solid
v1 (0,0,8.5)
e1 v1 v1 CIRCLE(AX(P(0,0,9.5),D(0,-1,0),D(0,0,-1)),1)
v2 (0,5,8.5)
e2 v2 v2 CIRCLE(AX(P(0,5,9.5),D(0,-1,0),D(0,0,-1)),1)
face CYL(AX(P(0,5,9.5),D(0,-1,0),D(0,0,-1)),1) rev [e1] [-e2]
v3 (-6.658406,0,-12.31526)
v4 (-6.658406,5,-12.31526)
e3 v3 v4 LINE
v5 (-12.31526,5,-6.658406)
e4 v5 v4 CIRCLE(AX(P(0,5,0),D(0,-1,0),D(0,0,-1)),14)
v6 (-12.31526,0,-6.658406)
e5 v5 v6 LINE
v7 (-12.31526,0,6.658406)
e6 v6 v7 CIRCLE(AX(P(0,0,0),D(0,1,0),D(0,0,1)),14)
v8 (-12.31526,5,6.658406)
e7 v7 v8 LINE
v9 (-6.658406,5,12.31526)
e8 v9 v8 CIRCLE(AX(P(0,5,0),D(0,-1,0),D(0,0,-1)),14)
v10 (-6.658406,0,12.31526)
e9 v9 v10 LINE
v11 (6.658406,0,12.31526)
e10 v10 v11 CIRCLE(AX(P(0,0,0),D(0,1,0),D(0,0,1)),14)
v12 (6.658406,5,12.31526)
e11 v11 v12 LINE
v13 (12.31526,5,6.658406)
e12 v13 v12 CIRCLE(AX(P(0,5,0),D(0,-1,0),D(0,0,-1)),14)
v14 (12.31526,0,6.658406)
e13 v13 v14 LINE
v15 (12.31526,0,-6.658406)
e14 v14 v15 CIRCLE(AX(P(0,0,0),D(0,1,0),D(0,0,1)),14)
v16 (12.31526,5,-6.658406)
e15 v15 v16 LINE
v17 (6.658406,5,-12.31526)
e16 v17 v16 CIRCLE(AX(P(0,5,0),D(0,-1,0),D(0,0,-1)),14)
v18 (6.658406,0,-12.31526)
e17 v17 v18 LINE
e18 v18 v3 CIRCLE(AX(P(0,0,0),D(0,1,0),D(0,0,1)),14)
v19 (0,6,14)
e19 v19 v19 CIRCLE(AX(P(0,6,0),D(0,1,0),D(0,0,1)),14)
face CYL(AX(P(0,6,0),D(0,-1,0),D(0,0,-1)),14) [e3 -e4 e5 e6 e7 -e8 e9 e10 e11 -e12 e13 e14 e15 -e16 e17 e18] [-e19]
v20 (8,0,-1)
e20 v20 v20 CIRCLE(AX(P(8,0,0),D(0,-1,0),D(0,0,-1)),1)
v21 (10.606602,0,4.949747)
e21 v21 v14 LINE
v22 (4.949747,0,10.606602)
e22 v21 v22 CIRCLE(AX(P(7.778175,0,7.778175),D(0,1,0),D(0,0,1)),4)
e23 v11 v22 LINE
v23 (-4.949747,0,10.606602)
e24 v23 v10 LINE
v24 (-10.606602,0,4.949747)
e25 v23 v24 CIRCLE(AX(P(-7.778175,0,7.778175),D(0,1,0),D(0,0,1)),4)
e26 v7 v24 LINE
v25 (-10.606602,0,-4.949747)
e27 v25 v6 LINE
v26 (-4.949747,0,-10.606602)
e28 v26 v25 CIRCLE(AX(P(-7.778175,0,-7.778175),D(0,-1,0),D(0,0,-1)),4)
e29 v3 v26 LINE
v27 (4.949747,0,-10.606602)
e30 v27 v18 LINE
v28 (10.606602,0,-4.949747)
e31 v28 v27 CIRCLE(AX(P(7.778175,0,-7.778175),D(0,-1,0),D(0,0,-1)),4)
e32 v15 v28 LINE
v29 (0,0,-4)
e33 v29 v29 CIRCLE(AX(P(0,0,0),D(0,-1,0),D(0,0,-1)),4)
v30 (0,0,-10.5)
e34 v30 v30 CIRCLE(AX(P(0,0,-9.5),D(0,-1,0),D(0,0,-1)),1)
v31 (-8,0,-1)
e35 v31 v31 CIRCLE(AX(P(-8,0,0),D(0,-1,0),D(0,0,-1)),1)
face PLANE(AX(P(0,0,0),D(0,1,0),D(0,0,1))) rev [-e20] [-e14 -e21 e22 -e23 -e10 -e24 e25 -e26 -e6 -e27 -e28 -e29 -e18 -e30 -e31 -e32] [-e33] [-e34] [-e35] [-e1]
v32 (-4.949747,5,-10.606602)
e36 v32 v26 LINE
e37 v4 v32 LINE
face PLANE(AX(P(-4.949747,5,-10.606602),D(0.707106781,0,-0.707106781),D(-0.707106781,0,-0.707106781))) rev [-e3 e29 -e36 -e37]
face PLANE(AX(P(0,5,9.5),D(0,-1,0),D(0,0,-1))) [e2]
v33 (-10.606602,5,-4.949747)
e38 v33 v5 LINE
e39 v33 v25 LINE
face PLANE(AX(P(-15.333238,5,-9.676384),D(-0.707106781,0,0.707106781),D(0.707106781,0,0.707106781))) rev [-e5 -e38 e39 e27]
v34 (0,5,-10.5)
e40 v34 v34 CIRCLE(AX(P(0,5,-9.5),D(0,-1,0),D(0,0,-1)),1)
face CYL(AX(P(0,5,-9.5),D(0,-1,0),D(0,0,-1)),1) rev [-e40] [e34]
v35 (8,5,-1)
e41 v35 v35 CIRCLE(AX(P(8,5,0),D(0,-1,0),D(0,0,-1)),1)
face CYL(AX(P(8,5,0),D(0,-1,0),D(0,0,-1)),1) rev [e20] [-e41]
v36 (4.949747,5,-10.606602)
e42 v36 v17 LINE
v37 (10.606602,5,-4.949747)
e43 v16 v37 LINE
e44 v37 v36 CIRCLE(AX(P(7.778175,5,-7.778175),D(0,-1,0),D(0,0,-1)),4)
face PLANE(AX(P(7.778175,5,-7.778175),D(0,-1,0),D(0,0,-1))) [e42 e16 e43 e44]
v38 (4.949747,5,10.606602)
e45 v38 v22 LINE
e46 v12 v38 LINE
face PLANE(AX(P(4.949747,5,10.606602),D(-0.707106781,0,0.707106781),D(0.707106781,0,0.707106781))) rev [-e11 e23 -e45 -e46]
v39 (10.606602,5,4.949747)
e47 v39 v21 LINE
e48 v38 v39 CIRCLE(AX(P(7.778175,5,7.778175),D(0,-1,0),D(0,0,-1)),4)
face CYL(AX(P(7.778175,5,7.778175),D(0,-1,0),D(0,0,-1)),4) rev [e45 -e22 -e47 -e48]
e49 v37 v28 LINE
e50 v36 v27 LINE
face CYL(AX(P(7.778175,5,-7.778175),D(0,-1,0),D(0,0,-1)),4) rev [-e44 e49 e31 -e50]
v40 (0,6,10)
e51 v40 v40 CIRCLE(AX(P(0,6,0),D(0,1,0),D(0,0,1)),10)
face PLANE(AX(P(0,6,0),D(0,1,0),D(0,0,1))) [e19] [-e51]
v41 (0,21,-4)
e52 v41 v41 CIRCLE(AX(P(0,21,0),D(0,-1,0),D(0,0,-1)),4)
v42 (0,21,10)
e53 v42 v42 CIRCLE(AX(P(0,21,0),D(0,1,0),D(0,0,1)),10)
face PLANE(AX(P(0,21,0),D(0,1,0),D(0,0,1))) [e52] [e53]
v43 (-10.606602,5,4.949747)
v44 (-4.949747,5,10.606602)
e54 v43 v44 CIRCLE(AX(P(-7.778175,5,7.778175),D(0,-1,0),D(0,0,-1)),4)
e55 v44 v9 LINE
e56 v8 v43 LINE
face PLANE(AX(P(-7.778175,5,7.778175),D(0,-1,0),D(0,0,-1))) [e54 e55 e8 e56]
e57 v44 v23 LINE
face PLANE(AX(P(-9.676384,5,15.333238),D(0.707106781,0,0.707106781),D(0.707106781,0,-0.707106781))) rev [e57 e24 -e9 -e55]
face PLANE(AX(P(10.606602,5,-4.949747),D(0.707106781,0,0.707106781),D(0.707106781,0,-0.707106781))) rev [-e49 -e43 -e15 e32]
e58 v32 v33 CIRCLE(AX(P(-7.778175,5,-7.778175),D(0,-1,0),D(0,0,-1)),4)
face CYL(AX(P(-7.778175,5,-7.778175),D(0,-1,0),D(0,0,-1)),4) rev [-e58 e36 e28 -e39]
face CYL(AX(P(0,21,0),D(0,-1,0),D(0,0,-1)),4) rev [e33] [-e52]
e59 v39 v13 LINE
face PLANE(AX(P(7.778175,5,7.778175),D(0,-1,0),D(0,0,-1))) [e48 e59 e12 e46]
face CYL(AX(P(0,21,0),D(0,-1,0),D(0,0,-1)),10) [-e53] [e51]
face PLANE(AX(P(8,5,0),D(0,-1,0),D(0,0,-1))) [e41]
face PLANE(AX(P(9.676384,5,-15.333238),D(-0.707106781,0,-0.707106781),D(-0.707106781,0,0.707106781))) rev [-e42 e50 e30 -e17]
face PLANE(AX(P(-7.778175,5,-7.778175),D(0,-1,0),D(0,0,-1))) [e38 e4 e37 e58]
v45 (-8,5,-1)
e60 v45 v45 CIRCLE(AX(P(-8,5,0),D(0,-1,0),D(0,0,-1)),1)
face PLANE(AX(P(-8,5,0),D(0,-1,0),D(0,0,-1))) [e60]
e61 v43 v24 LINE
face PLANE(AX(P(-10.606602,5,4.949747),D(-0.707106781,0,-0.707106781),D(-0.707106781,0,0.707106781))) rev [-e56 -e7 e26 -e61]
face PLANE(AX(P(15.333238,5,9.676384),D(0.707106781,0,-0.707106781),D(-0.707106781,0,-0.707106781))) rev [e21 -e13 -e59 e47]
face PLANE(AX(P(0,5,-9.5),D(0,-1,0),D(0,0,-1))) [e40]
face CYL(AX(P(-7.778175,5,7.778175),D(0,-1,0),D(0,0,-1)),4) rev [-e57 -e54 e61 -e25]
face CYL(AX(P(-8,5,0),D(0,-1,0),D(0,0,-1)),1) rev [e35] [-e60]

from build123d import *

# Parameters (mm, degrees)
SKETCH_1_R               = 14
EXTRUDE_1_DEPTH          = 6
SKETCH_2_R               = 10
EXTRUDE_2_DEPTH          = 15
SKETCH_3_R               = 1
SKETCH_3_R_2             = 4
CUT_EXTRUDE_1_DEPTH      = 5
CUT_EXTRUDE_2_DEPTH      = 5
PATTERN_CIRCULAR_1_COUNT = 4
SKETCH_5_R               = 4
CUT_EXTRUDE_3_DEPTH      = 22


with BuildPart() as part:
    # Эскиз1 → Бобышка-Вытянуть1 (new body)
    with BuildSketch(Plane(origin=(0, 0, 0), x_dir=(1, 0, 0), z_dir=(0, 1, 0))):
        Circle(SKETCH_1_R)
    extrude(amount=EXTRUDE_1_DEPTH)

    # Эскиз2 → Бобышка-Вытянуть2 (add)
    with BuildSketch(Plane(origin=(0, 6, 0), x_dir=(1, 0, 0), z_dir=(0, 1, 0))):
        Circle(SKETCH_2_R)
    extrude(amount=EXTRUDE_2_DEPTH)

    # Эскиз3 → Вырез-Вытянуть1 (cut)
    with BuildSketch(Plane.XZ):
        with Locations((-8, 0)):
            Circle(SKETCH_3_R)
        with Locations((8, 0)):
            Circle(SKETCH_3_R)
        with Locations((0, 9.5)):
            Circle(SKETCH_3_R)
        with Locations((0, -9.5)):
            Circle(SKETCH_3_R)
        with Locations((-7.778174593, 7.778174593)):
            Circle(SKETCH_3_R_2)
        with Locations((7.778174593, 7.778174593)):
            Circle(SKETCH_3_R_2)
        with Locations((7.778174593, -7.778174593)):
            Circle(SKETCH_3_R_2)
        with Locations((-7.778174593, -7.778174593)):
            Circle(SKETCH_3_R_2)
    extrude(amount=-CUT_EXTRUDE_1_DEPTH, mode=Mode.SUBTRACT)

    # Эскиз4 → Вырез-Вытянуть2 (cut)
    with BuildSketch(Plane.XZ):
        Polygon((-4.949747468, 10.606601718), (-10.606601718, 4.949747468), (-15.333238313, 9.676384064), (-9.676384064, 15.333238313), align=None)
    cut_extrude_2 = extrude(amount=-CUT_EXTRUDE_2_DEPTH, mode=Mode.SUBTRACT)

    # Круговой массив1: Вырез-Вытянуть2 ×4 about axis
    pattern_circular_1_axis = Axis((0, 0, 0), (0, 1, 0))
    for i in range(1, PATTERN_CIRCULAR_1_COUNT):
        add(cut_extrude_2.rotate(pattern_circular_1_axis, i * 360 / PATTERN_CIRCULAR_1_COUNT), mode=Mode.SUBTRACT)

    # Эскиз5 → Вырез-Вытянуть3 (cut, through all)
    with BuildSketch(Plane.XZ):
        Circle(SKETCH_5_R)
    extrude(amount=-CUT_EXTRUDE_3_DEPTH, mode=Mode.SUBTRACT)


solid = part.part
